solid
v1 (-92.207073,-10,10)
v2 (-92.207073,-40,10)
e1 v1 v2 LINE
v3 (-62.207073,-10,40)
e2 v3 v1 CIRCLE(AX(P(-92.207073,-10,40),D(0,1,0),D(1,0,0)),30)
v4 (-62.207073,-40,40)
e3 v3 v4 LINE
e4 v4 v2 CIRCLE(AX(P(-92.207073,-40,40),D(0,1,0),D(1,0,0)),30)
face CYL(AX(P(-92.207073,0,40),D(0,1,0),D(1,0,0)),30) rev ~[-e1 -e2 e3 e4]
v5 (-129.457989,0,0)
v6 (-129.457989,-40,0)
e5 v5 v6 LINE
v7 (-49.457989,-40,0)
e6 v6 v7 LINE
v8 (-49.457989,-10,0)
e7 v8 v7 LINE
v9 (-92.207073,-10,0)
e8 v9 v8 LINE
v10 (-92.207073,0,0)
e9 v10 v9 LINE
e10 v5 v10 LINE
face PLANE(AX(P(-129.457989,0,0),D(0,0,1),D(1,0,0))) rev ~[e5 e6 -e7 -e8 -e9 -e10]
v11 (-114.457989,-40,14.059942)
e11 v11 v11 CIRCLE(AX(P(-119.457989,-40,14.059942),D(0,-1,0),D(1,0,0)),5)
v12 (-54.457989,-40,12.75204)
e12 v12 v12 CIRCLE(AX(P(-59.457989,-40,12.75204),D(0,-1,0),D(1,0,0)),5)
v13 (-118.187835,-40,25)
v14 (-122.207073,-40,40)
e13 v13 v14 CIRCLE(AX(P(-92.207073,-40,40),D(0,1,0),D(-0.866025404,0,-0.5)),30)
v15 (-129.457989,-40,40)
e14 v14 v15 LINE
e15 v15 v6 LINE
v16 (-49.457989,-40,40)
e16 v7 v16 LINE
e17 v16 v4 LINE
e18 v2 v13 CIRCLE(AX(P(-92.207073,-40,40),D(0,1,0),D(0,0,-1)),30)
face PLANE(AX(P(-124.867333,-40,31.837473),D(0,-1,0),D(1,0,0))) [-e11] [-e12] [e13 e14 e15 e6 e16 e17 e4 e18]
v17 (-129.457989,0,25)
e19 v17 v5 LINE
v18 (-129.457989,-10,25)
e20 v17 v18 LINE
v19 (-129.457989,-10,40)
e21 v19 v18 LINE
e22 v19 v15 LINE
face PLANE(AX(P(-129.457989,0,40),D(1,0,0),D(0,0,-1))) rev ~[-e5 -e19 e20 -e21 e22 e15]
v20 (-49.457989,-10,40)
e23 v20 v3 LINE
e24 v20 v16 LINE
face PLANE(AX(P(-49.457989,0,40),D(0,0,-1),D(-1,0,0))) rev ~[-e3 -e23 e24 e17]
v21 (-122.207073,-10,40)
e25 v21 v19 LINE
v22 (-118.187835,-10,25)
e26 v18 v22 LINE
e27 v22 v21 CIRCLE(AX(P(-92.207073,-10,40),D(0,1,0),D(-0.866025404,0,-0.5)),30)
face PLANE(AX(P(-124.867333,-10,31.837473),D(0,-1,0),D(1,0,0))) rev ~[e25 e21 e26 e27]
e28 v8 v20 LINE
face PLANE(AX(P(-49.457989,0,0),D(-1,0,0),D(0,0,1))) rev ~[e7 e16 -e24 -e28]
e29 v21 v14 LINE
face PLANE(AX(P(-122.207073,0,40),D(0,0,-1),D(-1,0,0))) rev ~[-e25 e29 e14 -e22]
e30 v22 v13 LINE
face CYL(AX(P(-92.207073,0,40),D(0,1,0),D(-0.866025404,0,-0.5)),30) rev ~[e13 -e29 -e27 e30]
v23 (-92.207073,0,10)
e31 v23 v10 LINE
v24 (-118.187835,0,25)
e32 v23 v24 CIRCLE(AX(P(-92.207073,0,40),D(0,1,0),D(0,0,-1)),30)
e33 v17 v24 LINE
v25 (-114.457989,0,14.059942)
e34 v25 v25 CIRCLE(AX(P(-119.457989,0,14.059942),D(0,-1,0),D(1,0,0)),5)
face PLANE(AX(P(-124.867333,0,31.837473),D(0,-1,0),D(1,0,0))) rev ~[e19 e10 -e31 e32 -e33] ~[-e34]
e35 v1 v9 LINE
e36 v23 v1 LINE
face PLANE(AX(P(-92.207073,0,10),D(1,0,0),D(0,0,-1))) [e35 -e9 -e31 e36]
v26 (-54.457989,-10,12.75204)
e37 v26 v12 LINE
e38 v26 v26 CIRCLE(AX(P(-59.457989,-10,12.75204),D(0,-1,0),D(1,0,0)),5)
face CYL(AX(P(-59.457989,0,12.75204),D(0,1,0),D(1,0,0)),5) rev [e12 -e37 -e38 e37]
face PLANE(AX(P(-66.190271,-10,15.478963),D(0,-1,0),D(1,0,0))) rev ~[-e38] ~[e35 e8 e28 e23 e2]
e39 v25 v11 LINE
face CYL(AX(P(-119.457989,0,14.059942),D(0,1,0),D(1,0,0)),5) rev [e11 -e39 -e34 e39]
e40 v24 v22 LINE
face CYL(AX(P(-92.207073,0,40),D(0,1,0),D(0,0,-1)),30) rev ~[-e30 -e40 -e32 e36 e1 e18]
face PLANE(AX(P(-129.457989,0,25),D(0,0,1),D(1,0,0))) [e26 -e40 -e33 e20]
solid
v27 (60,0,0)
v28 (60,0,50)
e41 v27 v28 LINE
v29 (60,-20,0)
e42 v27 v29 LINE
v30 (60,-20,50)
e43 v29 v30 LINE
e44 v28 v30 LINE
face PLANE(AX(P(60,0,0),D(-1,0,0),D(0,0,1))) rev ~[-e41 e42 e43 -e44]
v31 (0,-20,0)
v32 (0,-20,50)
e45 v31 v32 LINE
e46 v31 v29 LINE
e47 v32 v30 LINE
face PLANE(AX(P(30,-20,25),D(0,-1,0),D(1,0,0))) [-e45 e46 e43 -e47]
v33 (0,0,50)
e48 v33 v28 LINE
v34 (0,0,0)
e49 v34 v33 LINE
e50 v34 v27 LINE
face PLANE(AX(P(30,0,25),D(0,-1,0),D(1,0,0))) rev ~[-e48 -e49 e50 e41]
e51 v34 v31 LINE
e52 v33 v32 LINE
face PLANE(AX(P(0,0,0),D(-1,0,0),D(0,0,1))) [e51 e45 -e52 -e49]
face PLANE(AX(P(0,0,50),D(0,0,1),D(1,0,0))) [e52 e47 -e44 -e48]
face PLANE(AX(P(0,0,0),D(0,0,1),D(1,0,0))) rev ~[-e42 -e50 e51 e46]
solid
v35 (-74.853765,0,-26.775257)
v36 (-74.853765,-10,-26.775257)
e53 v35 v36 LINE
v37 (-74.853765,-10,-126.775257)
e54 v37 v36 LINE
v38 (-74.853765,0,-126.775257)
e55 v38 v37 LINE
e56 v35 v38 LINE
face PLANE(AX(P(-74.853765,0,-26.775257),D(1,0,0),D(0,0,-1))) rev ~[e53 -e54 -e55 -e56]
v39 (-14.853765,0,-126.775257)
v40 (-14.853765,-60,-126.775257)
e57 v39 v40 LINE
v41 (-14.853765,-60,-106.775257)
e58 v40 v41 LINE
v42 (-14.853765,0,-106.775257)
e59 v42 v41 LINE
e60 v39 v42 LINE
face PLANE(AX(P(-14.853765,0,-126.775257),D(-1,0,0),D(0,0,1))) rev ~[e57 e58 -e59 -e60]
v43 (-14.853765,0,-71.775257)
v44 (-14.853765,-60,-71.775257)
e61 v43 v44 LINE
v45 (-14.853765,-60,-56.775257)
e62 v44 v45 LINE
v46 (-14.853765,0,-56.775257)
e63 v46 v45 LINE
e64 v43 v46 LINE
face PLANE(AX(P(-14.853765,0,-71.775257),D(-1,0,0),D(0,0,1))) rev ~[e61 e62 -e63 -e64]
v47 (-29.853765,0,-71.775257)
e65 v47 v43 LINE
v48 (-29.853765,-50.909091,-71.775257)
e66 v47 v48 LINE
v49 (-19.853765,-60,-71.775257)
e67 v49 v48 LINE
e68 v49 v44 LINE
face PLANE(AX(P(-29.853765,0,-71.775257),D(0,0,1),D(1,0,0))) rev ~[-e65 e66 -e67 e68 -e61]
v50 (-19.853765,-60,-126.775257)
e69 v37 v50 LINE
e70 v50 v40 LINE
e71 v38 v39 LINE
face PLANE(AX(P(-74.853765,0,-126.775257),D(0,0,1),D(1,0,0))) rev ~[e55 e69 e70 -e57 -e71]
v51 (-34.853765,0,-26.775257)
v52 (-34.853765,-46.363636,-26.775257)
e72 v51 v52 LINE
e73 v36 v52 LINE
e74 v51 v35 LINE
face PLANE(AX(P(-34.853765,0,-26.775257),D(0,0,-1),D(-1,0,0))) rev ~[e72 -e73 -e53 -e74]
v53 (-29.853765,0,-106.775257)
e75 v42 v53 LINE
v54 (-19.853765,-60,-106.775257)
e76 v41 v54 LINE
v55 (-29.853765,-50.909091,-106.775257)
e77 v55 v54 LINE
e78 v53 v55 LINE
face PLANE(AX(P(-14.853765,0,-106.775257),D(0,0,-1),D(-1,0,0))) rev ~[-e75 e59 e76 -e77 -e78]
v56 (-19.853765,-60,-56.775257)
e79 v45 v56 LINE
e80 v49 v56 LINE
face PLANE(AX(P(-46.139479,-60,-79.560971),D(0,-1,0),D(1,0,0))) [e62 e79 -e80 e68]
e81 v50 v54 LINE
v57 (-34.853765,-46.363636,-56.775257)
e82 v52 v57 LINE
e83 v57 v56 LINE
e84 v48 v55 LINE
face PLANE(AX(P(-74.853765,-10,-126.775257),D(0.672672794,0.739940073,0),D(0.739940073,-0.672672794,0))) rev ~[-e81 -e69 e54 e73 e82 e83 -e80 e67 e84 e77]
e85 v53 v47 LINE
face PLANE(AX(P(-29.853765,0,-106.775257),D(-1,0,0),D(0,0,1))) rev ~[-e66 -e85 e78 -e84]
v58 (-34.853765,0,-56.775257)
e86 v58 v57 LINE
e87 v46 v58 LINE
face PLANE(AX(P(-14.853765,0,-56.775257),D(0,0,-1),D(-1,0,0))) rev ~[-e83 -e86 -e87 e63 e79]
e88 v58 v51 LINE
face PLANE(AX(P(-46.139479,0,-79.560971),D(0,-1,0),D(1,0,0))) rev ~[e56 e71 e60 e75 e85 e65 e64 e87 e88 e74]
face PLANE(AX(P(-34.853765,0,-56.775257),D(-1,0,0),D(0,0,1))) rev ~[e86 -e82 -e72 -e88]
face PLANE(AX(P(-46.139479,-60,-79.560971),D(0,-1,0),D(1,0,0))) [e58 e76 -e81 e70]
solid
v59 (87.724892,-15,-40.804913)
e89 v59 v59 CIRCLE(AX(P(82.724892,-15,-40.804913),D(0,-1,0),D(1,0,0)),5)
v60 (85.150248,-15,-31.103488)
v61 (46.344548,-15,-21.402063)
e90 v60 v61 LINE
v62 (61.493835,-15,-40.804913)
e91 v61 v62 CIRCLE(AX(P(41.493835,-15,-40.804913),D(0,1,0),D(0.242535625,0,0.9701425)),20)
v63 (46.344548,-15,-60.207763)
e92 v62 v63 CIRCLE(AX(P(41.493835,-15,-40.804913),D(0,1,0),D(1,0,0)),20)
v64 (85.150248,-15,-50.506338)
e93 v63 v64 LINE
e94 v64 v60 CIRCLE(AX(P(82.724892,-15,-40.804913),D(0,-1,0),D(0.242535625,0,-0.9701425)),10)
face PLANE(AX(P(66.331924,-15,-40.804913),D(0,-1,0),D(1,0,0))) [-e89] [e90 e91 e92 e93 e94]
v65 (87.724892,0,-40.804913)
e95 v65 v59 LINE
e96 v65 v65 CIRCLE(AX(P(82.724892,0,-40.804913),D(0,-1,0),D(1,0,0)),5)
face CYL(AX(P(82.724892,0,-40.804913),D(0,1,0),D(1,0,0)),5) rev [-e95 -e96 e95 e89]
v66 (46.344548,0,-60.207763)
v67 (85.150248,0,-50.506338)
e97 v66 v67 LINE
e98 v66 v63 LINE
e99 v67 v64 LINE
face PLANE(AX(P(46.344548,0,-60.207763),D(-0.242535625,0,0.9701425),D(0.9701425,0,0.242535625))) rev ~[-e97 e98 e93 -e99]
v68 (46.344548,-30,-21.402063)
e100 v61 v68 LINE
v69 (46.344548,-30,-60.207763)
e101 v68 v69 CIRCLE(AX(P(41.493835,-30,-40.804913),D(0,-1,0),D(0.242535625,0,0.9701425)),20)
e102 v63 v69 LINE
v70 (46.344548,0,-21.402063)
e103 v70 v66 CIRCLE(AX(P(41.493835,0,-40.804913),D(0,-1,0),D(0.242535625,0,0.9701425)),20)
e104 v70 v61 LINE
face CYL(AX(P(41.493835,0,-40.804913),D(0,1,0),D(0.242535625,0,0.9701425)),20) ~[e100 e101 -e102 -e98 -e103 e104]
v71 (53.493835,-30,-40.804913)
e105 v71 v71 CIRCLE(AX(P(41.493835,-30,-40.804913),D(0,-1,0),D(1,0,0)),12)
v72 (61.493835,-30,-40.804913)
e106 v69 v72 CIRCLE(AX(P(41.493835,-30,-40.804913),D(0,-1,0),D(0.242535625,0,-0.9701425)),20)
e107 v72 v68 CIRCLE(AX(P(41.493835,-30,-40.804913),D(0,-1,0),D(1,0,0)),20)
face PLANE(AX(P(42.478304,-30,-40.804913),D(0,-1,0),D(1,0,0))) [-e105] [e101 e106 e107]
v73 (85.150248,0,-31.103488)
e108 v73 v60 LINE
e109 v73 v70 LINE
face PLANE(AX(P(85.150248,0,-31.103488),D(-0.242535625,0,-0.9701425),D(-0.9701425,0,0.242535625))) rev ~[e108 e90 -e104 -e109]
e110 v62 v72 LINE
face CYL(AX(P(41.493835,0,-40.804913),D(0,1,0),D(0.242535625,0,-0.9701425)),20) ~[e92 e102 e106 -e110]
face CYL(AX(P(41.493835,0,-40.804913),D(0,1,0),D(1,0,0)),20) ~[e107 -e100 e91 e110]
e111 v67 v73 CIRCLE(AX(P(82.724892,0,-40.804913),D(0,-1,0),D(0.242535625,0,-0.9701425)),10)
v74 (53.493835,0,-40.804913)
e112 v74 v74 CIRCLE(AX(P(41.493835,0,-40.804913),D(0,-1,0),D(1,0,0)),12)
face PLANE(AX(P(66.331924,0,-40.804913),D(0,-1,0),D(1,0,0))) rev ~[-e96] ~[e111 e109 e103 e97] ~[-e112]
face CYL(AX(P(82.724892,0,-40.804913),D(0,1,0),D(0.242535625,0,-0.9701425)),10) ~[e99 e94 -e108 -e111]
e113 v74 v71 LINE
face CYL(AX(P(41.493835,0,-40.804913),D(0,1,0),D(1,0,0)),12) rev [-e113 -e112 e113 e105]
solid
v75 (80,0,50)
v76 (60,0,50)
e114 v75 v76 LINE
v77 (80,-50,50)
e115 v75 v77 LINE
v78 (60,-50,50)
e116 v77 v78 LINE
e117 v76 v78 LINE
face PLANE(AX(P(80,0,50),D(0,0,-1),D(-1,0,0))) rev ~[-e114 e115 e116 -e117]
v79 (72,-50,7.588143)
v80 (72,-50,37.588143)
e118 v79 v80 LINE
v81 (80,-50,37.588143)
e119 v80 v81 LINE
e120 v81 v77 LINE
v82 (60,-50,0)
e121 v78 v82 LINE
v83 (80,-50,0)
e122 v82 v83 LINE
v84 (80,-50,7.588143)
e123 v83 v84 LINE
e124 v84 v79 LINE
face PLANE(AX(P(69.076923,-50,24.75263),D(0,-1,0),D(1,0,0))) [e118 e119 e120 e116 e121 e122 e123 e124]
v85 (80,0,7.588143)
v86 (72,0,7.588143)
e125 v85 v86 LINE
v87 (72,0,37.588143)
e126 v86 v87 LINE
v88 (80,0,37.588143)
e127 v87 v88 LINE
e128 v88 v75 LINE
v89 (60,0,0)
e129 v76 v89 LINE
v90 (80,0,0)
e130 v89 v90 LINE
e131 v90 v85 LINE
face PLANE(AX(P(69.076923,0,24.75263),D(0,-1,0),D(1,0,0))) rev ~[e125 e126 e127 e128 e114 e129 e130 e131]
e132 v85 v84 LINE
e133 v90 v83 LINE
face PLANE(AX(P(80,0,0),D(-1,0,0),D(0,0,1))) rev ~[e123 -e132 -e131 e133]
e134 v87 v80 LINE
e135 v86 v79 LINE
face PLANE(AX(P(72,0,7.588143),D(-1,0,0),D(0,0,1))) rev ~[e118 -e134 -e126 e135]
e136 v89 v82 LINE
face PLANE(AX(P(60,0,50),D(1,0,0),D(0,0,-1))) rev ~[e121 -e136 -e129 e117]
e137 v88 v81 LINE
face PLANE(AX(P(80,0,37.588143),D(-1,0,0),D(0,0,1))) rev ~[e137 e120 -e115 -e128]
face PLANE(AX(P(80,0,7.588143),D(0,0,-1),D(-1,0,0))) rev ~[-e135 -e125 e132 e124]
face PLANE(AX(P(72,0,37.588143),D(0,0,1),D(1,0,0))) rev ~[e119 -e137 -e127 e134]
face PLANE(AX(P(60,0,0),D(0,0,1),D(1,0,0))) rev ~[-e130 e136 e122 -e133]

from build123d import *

# Parameters (mm, degrees)
F0_W      = 60
F0_H      = 50
F1_DEPTH  = 20
F2_DEPTH  = 50
F3_R      = 12
F4_DEPTH  = 30
F3_R_2    = 5
F5_DEPTH  = 15
F6_R      = 5
F7_DEPTH  = 40
F8_DEPTH  = 10
F10_DEPTH = 60
F12_DEPTH = 176.7762565444


with BuildPart() as f1:
    # F0 (on Front) → F1 (new body)
    with BuildSketch(Plane.XZ):
        with Locations((30, 25)):
            Rectangle(F0_W, F0_H)
    extrude(amount=F1_DEPTH)


with BuildPart() as f2:
    # F0 (on Front) → F2 (new body)
    with BuildSketch(Plane.XZ):
        Polygon((60, 50), (60, 0), (80, 0), (80, 7.5881431788), (72, 7.5881431788), (72, 37.5881431788), (80, 37.5881431788), (80, 50), align=None)
    extrude(amount=F2_DEPTH)


with BuildPart() as f4:
    # F3 (on Front) → F4 (new body)
    with BuildSketch(Plane.XZ):
        with BuildLine():
            ThreePointArc((46.3445479762, -60.2077629417), (57.2579442358, -53.1131571268), (61.4938354755, -40.8049129388))
            ThreePointArc((61.4938354755, -40.8049129388), (57.2579442358, -28.4966687507), (46.3445479762, -21.4020629359))
            ThreePointArc((46.3445479762, -21.4020629359), (21.4938354755, -40.8049129388), (46.3445479762, -60.2077629417))
        make_face()
        with Locations((41.4938354755, -40.8049129388)):
            Circle(F3_R, mode=Mode.SUBTRACT)
    extrude(amount=F4_DEPTH)

    # F3 (on Front) → F5 (join)
    with BuildSketch(Plane.XZ):
        with BuildLine():
            ThreePointArc((46.3445479762, -21.4020629359), (57.2579442358, -28.4966687507), (61.4938354755, -40.8049129388))
            ThreePointArc((61.4938354755, -40.8049129388), (57.2579442358, -53.1131571268), (46.3445479762, -60.2077629417))
            Line((46.3445479762, -60.2077629417), (85.1502479821, -50.5063379402))
            ThreePointArc((85.1502479821, -50.5063379402), (92.7248917317, -40.8049129388), (85.1502479821, -31.1034879373))
            Line((85.1502479821, -31.1034879373), (46.3445479762, -21.4020629359))
        make_face()
        with Locations((82.7248917317, -40.8049129388)):
            Circle(F3_R_2, mode=Mode.SUBTRACT)
    extrude(amount=F5_DEPTH)


with BuildPart() as f7:
    # F6 (on Front) → F7 (new body)
    with BuildSketch(Plane.XZ):
        with BuildLine():
            Line((-129.4579889352, 40), (-129.4579889352, 25))
            Line((-129.4579889352, 25), (-118.187835116, 25))
            ThreePointArc((-118.187835116, 25), (-121.1848477911, 32.2354286469), (-122.2070730024, 40))
            Line((-122.2070730024, 40), (-129.4579889352, 40))
        make_face()
        with BuildLine():
            Line((-129.4579889352, 0), (-92.2070730024, 0))
            Line((-92.2070730024, 0), (-92.2070730024, 10))
            ThreePointArc((-92.2070730024, 10), (-107.2070730024, 14.0192378865), (-118.187835116, 25))
            Line((-118.187835116, 25), (-129.4579889352, 25))
            Line((-129.4579889352, 25), (-129.4579889352, 0))
        make_face()
        with Locations((-119.4579889352, 14.0599424131)):
            Circle(F6_R, mode=Mode.SUBTRACT)
        with BuildLine():
            Line((-92.2070730024, 0), (-49.4579889352, 0))
            Line((-49.4579889352, 0), (-49.4579889352, 40))
            Line((-49.4579889352, 40), (-62.2070730024, 40))
            ThreePointArc((-62.2070730024, 40), (-70.9938695668, 18.7867965644), (-92.2070730024, 10))
            Line((-92.2070730024, 10), (-92.2070730024, 0))
        make_face()
        with Locations((-59.4579889352, 12.7520402892)):
            Circle(F6_R, mode=Mode.SUBTRACT)
    extrude(amount=F7_DEPTH)

    # F6 (on Front) → F8 (cut)
    with BuildSketch(Plane.XZ):
        with BuildLine():
            Line((-129.4579889352, 40), (-129.4579889352, 25))
            Line((-129.4579889352, 25), (-118.187835116, 25))
            ThreePointArc((-118.187835116, 25), (-121.1848477911, 32.2354286469), (-122.2070730024, 40))
            Line((-122.2070730024, 40), (-129.4579889352, 40))
        make_face()
        with BuildLine():
            Line((-92.2070730024, 0), (-49.4579889352, 0))
            Line((-49.4579889352, 0), (-49.4579889352, 40))
            Line((-49.4579889352, 40), (-62.2070730024, 40))
            ThreePointArc((-62.2070730024, 40), (-70.9938695668, 18.7867965644), (-92.2070730024, 10))
            Line((-92.2070730024, 10), (-92.2070730024, 0))
        make_face()
        with Locations((-59.4579889352, 12.7520402892)):
            Circle(F6_R, mode=Mode.SUBTRACT)
    extrude(amount=F8_DEPTH, mode=Mode.SUBTRACT)


with BuildPart() as f10:
    # F9 (on Front) → F10 (new body)
    with BuildSketch(Plane.XZ):
        Polygon((-74.8537646009, -26.7752565444), (-74.8537646009, -126.7752565444), (-14.8537646009, -126.7752565444), (-14.8537646009, -106.7752565444), (-29.8537646009, -106.7752565444), (-29.8537646009, -71.7752565444), (-14.8537646009, -71.7752565444), (-14.8537646009, -56.7752565444), (-34.8537646009, -56.7752565444), (-34.8537646009, -26.7752565444), align=None)
    extrude(amount=F10_DEPTH)

    # F11 (on face) → F12 (cut, through all)
    with BuildSketch(Plane(origin=(0, 0, -126.7752565444), x_dir=(1, 0, 0), z_dir=(0, 0, -1))):
        Polygon((-74.8537646009, 60), (-74.8537646009, 10), (-19.8537646009, 60), align=None)
    extrude(amount=-F12_DEPTH, mode=Mode.SUBTRACT)


solid = Compound([f1.part, f2.part, f4.part, f7.part, f10.part])
